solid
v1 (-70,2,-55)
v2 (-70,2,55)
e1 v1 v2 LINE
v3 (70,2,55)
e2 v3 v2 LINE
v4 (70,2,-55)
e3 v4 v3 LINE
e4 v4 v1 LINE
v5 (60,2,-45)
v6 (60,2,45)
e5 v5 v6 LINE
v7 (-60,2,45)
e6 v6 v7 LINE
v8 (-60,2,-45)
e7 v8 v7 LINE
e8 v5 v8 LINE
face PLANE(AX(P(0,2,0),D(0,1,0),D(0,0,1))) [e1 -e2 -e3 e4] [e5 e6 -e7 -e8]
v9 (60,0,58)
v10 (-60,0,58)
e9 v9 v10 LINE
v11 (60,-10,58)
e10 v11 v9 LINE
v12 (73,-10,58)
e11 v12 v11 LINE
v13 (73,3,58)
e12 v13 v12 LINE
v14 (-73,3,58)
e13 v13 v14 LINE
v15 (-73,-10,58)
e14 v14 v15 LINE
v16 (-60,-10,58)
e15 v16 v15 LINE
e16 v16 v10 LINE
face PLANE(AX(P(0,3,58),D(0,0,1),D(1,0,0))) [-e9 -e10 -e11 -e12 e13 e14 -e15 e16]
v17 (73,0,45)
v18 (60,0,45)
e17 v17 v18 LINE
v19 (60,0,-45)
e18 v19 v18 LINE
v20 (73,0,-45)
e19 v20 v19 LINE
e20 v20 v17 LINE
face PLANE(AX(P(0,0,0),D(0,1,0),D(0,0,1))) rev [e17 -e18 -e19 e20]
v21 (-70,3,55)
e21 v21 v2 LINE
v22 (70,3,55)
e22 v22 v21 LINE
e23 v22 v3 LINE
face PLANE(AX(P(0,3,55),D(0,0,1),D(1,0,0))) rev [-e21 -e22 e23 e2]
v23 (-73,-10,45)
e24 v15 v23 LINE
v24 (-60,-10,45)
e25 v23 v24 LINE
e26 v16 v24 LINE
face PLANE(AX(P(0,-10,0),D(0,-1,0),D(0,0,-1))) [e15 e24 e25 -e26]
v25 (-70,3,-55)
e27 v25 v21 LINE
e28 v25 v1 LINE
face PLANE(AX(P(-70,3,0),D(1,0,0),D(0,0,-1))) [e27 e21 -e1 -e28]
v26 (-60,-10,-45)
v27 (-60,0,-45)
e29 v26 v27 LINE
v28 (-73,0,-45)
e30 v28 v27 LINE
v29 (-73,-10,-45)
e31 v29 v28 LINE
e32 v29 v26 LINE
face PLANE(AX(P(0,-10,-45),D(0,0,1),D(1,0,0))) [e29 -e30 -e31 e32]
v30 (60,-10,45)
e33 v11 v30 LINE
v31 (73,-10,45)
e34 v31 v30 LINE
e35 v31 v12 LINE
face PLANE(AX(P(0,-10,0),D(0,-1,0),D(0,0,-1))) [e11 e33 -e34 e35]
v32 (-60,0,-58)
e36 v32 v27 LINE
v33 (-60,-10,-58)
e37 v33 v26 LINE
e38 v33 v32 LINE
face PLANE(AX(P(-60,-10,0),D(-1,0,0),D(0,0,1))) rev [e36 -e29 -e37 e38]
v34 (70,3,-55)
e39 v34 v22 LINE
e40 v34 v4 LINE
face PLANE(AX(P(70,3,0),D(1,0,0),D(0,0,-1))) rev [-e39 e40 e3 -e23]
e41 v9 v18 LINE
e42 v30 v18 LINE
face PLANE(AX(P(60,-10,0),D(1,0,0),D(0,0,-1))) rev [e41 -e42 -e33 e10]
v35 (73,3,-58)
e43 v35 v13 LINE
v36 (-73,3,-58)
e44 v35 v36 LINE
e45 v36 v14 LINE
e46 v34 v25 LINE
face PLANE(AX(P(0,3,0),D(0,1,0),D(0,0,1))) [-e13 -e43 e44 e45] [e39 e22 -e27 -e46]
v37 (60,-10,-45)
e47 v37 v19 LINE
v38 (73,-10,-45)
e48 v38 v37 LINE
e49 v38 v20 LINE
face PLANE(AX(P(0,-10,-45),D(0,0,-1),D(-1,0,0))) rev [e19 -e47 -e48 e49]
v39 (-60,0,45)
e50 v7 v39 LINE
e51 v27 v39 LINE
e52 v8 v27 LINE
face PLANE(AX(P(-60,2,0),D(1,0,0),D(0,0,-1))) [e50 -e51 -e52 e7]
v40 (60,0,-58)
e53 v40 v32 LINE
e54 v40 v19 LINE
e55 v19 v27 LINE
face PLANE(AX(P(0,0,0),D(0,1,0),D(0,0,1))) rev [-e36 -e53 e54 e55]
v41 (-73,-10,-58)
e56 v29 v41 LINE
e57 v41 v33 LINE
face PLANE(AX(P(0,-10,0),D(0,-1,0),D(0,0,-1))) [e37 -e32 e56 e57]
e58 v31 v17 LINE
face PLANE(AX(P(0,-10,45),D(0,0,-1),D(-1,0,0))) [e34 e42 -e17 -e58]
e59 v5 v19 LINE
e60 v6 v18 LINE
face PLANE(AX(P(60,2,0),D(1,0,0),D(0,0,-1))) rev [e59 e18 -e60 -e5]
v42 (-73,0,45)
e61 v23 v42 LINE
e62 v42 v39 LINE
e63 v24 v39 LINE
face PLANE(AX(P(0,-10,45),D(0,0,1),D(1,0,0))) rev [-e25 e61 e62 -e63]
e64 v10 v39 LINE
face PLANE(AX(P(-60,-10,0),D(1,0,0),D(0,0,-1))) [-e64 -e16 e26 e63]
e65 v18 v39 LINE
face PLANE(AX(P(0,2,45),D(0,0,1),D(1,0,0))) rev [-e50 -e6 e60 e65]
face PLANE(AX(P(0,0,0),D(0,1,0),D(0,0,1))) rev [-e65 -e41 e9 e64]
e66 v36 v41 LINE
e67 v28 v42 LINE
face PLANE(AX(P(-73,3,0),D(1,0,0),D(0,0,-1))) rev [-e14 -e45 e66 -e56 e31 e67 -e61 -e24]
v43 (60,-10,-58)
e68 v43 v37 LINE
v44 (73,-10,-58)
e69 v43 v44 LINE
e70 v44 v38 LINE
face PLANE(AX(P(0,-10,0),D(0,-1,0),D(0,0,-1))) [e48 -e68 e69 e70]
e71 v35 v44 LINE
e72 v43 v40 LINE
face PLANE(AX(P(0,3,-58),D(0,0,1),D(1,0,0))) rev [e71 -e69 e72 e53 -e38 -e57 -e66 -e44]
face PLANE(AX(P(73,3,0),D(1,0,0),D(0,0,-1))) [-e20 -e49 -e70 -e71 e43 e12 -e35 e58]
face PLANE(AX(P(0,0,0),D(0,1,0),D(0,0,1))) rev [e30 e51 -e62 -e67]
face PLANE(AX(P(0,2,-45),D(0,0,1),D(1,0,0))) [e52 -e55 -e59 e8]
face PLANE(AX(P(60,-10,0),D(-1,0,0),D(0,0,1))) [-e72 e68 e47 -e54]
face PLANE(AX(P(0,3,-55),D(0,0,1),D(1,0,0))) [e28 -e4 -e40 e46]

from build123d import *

# Parameters (mm, degrees)
SKETCH1_W      = 146
SKETCH1_H      = 116
SKETCH1_W_2    = 140
SKETCH1_H_2    = 110
DINDING_DEPTH  = 3
SKETCH1_4_W    = 140
SKETCH1_4_H    = 110
SKETCH1_4_W_2  = 120
SKETCH1_4_H_2  = 90
LANDSITE_DEPTH = 2
SKETCH2_W      = 13
SKETCH2_H      = 13
KAKI_DEPTH     = 10


with BuildPart() as part:
    # Sketch1 → Dinding (new body)
    with BuildSketch(Plane(origin=(0, 0, 0), x_dir=(1, 0, 0), z_dir=(0, 1, 0))):
        Rectangle(SKETCH1_W, SKETCH1_H)
        Rectangle(SKETCH1_W_2, SKETCH1_H_2, mode=Mode.SUBTRACT)
    extrude(amount=DINDING_DEPTH)

    # Sketch1<4> → Landsite (add)
    with BuildSketch(Plane(origin=(0, 0, 0), x_dir=(1, 0, 0), z_dir=(0, 1, 0))):
        Rectangle(SKETCH1_4_W, SKETCH1_4_H)
        Rectangle(SKETCH1_4_W_2, SKETCH1_4_H_2, mode=Mode.SUBTRACT)
    extrude(amount=LANDSITE_DEPTH)

    # Sketch2 → Kaki (add)
    with BuildSketch(Plane.XZ):
        with Locations((-66.5, 51.5)):
            Rectangle(SKETCH2_W, SKETCH2_H)
        with Locations((-66.5, -51.5)):
            Rectangle(SKETCH2_W, SKETCH2_H)
        with Locations((66.5, -51.5)):
            Rectangle(SKETCH2_W, SKETCH2_H)
        with Locations((66.5, 51.5)):
            Rectangle(SKETCH2_W, SKETCH2_H)
    extrude(amount=KAKI_DEPTH)


solid = part.part
